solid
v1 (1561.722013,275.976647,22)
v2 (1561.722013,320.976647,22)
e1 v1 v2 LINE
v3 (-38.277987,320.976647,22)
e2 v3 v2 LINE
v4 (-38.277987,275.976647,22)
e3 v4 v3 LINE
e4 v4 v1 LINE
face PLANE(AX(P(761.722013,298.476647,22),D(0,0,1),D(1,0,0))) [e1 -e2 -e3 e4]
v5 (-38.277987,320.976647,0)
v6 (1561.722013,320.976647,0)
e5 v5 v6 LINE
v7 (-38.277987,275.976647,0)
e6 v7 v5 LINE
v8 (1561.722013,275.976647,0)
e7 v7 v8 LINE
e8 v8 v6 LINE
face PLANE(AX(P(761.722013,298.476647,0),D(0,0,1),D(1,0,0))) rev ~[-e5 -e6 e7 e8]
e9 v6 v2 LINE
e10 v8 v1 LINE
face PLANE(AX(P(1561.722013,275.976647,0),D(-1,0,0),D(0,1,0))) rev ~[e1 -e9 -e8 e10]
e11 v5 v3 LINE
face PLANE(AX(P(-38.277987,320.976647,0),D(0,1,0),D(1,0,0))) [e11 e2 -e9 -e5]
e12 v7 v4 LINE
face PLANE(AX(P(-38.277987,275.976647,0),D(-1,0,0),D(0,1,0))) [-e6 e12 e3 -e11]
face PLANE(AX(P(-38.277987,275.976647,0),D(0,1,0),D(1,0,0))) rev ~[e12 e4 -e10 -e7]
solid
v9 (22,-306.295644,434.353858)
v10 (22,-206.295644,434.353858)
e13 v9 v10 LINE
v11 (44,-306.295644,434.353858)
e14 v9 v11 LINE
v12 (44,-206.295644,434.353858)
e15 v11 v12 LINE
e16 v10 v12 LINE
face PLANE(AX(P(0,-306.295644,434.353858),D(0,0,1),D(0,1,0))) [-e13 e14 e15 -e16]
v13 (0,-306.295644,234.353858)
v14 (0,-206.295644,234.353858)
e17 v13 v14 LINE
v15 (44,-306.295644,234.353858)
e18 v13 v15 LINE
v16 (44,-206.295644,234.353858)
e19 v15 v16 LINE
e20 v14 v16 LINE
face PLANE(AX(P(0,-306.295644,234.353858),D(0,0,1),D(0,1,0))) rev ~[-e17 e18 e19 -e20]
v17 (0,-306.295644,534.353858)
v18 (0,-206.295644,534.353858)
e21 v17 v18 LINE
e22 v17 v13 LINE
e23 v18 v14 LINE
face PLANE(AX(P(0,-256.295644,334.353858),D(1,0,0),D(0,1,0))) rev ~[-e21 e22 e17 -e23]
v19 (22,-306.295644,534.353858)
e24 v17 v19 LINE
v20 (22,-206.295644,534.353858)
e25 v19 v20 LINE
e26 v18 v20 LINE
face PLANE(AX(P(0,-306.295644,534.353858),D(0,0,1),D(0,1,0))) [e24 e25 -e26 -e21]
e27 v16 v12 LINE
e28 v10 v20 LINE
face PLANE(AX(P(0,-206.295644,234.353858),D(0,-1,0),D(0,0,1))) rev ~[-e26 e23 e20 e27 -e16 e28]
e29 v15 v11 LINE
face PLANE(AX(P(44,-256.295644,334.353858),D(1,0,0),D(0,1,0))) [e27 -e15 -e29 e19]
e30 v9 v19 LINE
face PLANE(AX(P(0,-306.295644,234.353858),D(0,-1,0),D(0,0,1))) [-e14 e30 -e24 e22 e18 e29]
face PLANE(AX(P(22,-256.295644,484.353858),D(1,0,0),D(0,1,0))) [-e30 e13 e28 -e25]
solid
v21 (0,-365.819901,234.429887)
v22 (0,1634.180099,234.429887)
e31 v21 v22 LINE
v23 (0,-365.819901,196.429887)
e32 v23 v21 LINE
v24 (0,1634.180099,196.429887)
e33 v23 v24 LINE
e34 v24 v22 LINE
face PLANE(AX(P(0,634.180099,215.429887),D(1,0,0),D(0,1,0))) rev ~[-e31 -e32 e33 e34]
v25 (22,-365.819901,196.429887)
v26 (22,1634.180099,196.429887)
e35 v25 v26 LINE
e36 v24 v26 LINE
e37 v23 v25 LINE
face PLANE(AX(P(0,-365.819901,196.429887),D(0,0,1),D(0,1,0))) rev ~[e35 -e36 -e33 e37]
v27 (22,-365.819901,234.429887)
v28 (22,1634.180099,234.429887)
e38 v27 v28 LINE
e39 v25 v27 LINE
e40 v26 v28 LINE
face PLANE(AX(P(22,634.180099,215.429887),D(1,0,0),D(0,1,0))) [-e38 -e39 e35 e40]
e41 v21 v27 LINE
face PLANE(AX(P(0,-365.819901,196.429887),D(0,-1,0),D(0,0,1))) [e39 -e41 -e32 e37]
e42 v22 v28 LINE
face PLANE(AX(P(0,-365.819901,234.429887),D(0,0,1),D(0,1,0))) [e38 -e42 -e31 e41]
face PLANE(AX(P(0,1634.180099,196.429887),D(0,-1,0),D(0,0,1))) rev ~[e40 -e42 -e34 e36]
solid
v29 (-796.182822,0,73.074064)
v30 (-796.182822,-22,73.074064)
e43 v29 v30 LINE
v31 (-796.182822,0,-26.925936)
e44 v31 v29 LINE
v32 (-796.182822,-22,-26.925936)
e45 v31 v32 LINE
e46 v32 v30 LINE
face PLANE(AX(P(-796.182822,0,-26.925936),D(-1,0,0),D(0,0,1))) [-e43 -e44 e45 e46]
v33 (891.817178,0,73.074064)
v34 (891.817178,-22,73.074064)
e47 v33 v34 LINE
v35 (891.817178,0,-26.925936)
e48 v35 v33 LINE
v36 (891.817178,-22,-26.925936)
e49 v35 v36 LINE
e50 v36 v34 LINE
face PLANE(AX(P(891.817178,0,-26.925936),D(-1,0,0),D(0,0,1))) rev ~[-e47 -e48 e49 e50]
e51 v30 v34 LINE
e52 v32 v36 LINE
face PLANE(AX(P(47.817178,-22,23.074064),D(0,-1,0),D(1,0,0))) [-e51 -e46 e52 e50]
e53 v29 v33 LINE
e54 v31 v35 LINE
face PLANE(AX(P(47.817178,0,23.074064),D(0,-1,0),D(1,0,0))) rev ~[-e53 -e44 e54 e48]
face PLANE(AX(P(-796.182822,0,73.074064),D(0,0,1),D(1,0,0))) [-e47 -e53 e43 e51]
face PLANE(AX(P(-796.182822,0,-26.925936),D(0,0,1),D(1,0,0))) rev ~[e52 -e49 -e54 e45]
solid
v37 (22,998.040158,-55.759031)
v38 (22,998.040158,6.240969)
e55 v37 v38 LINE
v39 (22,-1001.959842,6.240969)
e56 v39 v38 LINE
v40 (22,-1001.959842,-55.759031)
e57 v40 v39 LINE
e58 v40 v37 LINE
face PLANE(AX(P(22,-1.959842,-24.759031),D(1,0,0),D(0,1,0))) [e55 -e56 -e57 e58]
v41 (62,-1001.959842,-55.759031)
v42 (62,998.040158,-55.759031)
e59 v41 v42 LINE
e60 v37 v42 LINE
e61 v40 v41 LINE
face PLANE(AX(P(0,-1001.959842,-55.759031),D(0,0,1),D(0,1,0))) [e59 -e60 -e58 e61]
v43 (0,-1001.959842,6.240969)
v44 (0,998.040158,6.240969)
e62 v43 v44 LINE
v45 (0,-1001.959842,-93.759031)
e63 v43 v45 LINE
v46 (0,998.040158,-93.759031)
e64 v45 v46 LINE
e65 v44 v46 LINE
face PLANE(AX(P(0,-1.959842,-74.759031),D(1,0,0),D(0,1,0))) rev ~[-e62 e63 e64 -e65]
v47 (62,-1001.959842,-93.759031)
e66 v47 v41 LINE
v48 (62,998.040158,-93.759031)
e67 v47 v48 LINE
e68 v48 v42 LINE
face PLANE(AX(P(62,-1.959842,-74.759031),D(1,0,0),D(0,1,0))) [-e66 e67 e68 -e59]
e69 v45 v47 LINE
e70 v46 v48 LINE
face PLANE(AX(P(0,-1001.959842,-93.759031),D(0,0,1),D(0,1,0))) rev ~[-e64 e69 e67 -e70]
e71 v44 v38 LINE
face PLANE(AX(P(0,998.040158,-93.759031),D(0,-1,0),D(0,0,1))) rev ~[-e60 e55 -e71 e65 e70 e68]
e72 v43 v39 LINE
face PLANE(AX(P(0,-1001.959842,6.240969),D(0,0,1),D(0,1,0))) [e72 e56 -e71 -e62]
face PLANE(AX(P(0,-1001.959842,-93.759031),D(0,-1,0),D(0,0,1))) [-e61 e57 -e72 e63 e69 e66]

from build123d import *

# Parameters (mm, degrees)
F1_W      = 2000
F1_H      = 62
F2_DEPTH  = 22
F1_H_2    = 38
F3_DEPTH  = 62
F4_W      = 1688
F4_H      = 100
F5_DEPTH  = 22
F6_W      = 2000
F6_H      = 38
F7_DEPTH  = 22
F8_W      = 1600
F8_H      = 45
F9_DEPTH  = 22
F10_W     = 100
F10_H     = 100
F11_DEPTH = 22
F10_H_2   = 200
F12_DEPTH = 44


with BuildPart() as f2:
    # F1 (on Right) → F2 (new body)
    with BuildSketch(Plane.YZ):
        with Locations((-1.9598416984, -24.7590313256)):
            Rectangle(F1_W, F1_H)
    extrude(amount=F2_DEPTH)

    # F1 (on Right) → F3 (join)
    with BuildSketch(Plane.YZ):
        with Locations((-1.9598416984, -74.7590313256)):
            Rectangle(F1_W, F1_H_2)
    extrude(amount=F3_DEPTH)


with BuildPart() as f5:
    # F4 (on Front) → F5 (new body)
    with BuildSketch(Plane.XZ):
        with Locations((47.8171780705, 23.0740644909)):
            Rectangle(F4_W, F4_H)
    extrude(amount=F5_DEPTH)


with BuildPart() as f7:
    # F6 (on Right) → F7 (new body)
    with BuildSketch(Plane.YZ):
        with Locations((634.180099352, 215.4298871756)):
            Rectangle(F6_W, F6_H)
    extrude(amount=F7_DEPTH)


with BuildPart() as f9:
    # F8 (on Top) → F9 (new body)
    with BuildSketch(Plane.XY):
        with Locations((761.7220133543, 298.4766468961)):
            Rectangle(F8_W, F8_H)
    extrude(amount=F9_DEPTH)


with BuildPart() as f11:
    # F10 (on Right) → F11 (new body)
    with BuildSketch(Plane.YZ):
        with Locations((-256.2956437469, 484.3538582325)):
            Rectangle(F10_W, F10_H)
    extrude(amount=F11_DEPTH)

    # F10 (on Right) → F12 (join)
    with BuildSketch(Plane.YZ):
        with Locations((-256.2956437469, 334.3538582325)):
            Rectangle(F10_W, F10_H_2)
    extrude(amount=F12_DEPTH)


solid = Compound([f2.part, f5.part, f7.part, f9.part, f11.part])
